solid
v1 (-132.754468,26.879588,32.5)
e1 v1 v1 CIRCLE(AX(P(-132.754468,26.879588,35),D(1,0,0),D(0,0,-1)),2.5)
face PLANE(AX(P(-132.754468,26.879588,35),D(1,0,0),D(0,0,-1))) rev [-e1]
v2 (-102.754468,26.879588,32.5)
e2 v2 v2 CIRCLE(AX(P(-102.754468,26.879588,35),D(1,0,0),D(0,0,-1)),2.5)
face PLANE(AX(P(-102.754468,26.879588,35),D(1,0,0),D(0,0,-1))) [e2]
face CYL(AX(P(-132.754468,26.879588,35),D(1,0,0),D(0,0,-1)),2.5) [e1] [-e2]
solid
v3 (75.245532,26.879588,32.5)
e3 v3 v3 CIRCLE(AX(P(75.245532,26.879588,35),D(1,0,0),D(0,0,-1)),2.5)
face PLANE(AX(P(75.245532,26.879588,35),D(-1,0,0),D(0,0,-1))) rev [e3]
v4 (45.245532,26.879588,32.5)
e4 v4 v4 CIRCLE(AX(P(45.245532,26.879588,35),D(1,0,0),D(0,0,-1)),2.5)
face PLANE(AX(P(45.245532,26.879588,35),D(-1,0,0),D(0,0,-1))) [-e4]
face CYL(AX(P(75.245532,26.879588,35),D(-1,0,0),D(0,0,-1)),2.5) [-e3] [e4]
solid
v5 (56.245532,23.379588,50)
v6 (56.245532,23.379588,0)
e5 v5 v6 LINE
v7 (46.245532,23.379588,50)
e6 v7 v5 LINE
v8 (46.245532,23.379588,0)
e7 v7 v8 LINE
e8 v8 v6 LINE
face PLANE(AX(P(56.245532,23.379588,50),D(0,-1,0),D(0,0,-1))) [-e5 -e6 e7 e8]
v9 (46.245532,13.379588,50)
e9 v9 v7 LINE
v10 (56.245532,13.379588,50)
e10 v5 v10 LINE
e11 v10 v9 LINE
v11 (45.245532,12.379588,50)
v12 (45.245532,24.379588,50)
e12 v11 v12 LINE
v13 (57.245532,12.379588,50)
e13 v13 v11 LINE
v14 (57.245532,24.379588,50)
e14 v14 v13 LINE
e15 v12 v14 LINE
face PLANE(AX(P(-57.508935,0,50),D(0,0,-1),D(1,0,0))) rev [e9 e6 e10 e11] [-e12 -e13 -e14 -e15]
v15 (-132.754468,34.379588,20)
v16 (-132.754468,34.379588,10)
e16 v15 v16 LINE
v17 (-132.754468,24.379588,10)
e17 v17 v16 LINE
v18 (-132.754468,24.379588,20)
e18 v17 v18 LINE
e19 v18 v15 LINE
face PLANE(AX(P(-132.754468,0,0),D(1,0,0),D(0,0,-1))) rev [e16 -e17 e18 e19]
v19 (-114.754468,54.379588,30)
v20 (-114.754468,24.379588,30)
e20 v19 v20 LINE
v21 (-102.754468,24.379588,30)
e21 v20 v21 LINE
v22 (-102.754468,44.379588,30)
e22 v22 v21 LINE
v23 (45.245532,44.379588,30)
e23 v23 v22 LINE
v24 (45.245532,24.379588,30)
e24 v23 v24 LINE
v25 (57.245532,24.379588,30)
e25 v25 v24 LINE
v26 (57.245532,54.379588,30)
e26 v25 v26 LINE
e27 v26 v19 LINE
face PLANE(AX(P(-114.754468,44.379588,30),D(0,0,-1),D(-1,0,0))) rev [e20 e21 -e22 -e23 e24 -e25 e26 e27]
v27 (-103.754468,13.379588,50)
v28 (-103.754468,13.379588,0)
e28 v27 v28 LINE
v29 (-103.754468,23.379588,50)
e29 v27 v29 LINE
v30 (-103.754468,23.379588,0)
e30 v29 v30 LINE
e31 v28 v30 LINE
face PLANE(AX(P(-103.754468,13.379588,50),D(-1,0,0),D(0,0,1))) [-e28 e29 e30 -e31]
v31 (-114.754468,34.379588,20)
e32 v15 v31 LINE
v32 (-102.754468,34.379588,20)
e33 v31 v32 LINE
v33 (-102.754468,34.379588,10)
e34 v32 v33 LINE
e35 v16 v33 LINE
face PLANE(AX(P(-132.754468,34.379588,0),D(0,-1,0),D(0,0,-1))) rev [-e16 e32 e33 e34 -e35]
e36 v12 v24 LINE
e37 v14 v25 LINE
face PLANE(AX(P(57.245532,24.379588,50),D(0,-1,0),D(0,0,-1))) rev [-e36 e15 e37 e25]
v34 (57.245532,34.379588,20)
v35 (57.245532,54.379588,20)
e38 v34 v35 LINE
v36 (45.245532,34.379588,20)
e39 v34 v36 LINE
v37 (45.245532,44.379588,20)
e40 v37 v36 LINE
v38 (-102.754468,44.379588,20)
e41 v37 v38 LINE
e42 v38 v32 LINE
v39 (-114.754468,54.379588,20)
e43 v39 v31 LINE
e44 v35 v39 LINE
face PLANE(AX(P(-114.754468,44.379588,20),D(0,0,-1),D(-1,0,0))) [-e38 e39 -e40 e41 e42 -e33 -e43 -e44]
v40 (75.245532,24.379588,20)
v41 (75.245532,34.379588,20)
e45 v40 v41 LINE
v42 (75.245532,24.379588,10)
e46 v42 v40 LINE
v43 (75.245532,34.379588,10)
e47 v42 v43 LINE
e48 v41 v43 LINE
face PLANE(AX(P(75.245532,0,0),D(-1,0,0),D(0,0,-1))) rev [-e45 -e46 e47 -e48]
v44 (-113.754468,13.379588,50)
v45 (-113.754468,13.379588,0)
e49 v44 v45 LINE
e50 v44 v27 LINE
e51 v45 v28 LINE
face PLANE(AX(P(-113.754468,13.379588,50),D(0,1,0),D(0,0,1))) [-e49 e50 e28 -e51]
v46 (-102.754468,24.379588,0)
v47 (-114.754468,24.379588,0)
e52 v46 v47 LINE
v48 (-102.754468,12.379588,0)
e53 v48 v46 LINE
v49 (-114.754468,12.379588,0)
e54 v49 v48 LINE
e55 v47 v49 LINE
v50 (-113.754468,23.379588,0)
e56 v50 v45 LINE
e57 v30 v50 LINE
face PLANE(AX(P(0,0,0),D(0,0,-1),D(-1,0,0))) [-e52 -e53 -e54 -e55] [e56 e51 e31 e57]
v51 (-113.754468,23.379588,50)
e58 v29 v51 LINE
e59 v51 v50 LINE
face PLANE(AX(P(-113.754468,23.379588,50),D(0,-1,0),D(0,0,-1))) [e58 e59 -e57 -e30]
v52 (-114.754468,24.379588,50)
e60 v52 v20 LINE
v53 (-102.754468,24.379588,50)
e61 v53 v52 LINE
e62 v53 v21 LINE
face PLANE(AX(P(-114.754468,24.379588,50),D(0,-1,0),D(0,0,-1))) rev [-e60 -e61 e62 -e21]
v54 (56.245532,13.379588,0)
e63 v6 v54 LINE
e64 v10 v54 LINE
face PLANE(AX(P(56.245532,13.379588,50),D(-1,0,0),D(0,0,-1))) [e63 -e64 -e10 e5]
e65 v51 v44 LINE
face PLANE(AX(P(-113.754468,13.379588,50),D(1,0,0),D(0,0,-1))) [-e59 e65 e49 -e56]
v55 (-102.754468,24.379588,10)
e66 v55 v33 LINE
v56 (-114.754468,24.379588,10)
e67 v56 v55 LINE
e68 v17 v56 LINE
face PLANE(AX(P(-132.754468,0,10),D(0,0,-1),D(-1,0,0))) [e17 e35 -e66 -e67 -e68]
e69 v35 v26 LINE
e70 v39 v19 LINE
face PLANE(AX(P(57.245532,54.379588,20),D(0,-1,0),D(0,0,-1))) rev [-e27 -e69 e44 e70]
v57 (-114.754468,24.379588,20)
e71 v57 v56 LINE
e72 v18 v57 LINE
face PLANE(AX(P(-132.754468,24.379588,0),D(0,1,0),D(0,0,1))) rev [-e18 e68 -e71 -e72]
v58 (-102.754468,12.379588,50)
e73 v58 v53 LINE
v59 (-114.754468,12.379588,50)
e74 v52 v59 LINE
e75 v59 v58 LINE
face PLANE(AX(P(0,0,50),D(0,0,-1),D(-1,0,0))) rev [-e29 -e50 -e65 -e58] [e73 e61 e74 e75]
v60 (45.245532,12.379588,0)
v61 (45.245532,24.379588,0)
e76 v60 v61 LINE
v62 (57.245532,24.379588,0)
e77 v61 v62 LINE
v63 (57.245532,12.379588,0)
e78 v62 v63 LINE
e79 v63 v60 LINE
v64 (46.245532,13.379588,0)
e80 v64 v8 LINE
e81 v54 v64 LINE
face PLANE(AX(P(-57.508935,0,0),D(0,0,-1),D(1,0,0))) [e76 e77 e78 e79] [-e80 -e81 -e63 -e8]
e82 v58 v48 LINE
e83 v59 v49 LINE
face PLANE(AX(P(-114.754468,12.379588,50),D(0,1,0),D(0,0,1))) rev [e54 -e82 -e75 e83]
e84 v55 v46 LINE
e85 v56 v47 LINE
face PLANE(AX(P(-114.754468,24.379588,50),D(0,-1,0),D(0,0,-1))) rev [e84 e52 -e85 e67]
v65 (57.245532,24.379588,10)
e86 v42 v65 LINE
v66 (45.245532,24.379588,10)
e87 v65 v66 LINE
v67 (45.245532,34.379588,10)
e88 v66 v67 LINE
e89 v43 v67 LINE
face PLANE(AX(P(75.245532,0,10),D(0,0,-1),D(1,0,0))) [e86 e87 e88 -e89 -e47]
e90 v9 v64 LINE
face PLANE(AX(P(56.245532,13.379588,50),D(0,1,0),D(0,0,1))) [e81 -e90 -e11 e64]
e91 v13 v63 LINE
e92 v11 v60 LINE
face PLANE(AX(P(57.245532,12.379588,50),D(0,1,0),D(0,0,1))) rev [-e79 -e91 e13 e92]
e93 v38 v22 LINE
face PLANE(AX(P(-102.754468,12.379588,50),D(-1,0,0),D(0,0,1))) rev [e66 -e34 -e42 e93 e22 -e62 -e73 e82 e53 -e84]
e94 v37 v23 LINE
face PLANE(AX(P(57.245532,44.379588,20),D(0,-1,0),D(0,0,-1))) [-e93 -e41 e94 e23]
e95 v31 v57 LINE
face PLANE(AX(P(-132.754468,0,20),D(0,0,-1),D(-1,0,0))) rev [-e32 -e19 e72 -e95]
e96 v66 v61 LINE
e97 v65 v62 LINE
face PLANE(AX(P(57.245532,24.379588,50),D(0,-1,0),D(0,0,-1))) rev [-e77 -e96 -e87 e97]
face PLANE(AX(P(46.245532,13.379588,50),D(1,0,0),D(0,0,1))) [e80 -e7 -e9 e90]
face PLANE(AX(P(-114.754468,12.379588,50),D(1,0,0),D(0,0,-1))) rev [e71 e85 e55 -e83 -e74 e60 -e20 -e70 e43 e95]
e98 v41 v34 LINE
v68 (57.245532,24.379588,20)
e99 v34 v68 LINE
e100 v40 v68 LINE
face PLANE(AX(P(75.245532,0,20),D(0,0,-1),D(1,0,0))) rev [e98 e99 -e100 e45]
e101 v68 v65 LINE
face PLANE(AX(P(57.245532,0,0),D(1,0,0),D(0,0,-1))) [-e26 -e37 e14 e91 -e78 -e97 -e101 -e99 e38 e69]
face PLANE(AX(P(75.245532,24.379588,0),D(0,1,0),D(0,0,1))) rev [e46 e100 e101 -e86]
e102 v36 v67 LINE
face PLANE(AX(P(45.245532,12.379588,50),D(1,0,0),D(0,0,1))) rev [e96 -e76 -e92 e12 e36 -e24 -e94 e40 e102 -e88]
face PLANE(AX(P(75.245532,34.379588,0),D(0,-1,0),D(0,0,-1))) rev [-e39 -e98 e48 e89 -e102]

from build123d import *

# Parameters (mm, degrees)
SKETCH1_W           = 12
SKETCH1_H           = 12
SKETCH1_W_2         = 10
SKETCH1_H_2         = 10
BOSS_EXTRUDE1_DEPTH = 50
SKETCH2_W           = 10
SKETCH2_H           = 10
SKETCH2_R           = 2.5
BOSS_EXTRUDE2_DEPTH = 30
SKETCH3_W           = 12
SKETCH3_H           = 10
BOSS_EXTRUDE3_DEPTH = 20
BOSS_EXTRUDE4_START = -172
SKETCH5_W           = 10
SKETCH5_H           = 10
BOSS_EXTRUDE4_DEPTH = 172


with BuildPart() as part:
    # Sketch1 → Boss-Extrude1 (new body)
    with BuildSketch(Plane.XY):
        with Locations((-108.754467624, 18.379588337)):
            Rectangle(SKETCH1_W, SKETCH1_H)
        with Locations((-108.754467624, 18.379588337)):
            Rectangle(SKETCH1_W_2, SKETCH1_H_2, mode=Mode.SUBTRACT)
    extrude(amount=BOSS_EXTRUDE1_DEPTH)

    # Sketch2 → Boss-Extrude2 (add)
    with BuildSketch(Plane(origin=(-102.754467624, 0, 0), x_dir=(0, 0, -1), z_dir=(1, 0, 0))):
        with Locations((-15, 29.379588337)):
            Rectangle(SKETCH2_W, SKETCH2_H)
        with Locations((-35, 26.879588337)):
            Circle(SKETCH2_R)
    extrude(amount=-BOSS_EXTRUDE2_DEPTH)


with BuildPart() as boss_extrude2_piece_1:
    # of the separate pieces the step leaves, piece 1, a body of its own (boss_extrude2_pieces)
    add(part.part.solids().sort_by_distance((-114.754467624, 24.379588337, 0))[0])

    # Sketch3 → Boss-Extrude3 (add)
    with BuildSketch(Plane(origin=(0, 24.379588337, 0), x_dir=(1, 0, 0), z_dir=(0, 1, 0))):
        with Locations((-108.754467624, -25)):
            Rectangle(SKETCH3_W, SKETCH3_H)
    extrude(amount=BOSS_EXTRUDE3_DEPTH)


with BuildPart() as boss_extrude2_piece_2:
    # of the separate pieces the step leaves, piece 2, a body of its own (boss_extrude2_pieces)
    add(part.part.solids().sort_by_distance((-102.754467624, 26.879588337, 32.5))[0])


with BuildPart() as body_3:
    # Mirror6: mirrored copy
    add(boss_extrude2_piece_1.part.mirror(Plane.ZY.offset(28.754467624)))


with BuildPart() as body_4:
    # Mirror6 2: mirrored copy
    add(boss_extrude2_piece_2.part.mirror(Plane.ZY.offset(28.754467624)))


with BuildPart() as boss_extrude2_piece_1_1:
    add(boss_extrude2_piece_1.part)

    add(body_3.part)  # Boss-Extrude4 merges body 3
    # Sketch5 → Boss-Extrude4 (add)
    with BuildSketch(Plane.ZY.offset(114.754467624).offset(BOSS_EXTRUDE4_START)):
        with Locations((25, 49.379588337)):
            Rectangle(SKETCH5_W, SKETCH5_H)
    extrude(amount=BOSS_EXTRUDE4_DEPTH)


solid = Compound([boss_extrude2_piece_2.part, body_4.part, boss_extrude2_piece_1_1.part])
